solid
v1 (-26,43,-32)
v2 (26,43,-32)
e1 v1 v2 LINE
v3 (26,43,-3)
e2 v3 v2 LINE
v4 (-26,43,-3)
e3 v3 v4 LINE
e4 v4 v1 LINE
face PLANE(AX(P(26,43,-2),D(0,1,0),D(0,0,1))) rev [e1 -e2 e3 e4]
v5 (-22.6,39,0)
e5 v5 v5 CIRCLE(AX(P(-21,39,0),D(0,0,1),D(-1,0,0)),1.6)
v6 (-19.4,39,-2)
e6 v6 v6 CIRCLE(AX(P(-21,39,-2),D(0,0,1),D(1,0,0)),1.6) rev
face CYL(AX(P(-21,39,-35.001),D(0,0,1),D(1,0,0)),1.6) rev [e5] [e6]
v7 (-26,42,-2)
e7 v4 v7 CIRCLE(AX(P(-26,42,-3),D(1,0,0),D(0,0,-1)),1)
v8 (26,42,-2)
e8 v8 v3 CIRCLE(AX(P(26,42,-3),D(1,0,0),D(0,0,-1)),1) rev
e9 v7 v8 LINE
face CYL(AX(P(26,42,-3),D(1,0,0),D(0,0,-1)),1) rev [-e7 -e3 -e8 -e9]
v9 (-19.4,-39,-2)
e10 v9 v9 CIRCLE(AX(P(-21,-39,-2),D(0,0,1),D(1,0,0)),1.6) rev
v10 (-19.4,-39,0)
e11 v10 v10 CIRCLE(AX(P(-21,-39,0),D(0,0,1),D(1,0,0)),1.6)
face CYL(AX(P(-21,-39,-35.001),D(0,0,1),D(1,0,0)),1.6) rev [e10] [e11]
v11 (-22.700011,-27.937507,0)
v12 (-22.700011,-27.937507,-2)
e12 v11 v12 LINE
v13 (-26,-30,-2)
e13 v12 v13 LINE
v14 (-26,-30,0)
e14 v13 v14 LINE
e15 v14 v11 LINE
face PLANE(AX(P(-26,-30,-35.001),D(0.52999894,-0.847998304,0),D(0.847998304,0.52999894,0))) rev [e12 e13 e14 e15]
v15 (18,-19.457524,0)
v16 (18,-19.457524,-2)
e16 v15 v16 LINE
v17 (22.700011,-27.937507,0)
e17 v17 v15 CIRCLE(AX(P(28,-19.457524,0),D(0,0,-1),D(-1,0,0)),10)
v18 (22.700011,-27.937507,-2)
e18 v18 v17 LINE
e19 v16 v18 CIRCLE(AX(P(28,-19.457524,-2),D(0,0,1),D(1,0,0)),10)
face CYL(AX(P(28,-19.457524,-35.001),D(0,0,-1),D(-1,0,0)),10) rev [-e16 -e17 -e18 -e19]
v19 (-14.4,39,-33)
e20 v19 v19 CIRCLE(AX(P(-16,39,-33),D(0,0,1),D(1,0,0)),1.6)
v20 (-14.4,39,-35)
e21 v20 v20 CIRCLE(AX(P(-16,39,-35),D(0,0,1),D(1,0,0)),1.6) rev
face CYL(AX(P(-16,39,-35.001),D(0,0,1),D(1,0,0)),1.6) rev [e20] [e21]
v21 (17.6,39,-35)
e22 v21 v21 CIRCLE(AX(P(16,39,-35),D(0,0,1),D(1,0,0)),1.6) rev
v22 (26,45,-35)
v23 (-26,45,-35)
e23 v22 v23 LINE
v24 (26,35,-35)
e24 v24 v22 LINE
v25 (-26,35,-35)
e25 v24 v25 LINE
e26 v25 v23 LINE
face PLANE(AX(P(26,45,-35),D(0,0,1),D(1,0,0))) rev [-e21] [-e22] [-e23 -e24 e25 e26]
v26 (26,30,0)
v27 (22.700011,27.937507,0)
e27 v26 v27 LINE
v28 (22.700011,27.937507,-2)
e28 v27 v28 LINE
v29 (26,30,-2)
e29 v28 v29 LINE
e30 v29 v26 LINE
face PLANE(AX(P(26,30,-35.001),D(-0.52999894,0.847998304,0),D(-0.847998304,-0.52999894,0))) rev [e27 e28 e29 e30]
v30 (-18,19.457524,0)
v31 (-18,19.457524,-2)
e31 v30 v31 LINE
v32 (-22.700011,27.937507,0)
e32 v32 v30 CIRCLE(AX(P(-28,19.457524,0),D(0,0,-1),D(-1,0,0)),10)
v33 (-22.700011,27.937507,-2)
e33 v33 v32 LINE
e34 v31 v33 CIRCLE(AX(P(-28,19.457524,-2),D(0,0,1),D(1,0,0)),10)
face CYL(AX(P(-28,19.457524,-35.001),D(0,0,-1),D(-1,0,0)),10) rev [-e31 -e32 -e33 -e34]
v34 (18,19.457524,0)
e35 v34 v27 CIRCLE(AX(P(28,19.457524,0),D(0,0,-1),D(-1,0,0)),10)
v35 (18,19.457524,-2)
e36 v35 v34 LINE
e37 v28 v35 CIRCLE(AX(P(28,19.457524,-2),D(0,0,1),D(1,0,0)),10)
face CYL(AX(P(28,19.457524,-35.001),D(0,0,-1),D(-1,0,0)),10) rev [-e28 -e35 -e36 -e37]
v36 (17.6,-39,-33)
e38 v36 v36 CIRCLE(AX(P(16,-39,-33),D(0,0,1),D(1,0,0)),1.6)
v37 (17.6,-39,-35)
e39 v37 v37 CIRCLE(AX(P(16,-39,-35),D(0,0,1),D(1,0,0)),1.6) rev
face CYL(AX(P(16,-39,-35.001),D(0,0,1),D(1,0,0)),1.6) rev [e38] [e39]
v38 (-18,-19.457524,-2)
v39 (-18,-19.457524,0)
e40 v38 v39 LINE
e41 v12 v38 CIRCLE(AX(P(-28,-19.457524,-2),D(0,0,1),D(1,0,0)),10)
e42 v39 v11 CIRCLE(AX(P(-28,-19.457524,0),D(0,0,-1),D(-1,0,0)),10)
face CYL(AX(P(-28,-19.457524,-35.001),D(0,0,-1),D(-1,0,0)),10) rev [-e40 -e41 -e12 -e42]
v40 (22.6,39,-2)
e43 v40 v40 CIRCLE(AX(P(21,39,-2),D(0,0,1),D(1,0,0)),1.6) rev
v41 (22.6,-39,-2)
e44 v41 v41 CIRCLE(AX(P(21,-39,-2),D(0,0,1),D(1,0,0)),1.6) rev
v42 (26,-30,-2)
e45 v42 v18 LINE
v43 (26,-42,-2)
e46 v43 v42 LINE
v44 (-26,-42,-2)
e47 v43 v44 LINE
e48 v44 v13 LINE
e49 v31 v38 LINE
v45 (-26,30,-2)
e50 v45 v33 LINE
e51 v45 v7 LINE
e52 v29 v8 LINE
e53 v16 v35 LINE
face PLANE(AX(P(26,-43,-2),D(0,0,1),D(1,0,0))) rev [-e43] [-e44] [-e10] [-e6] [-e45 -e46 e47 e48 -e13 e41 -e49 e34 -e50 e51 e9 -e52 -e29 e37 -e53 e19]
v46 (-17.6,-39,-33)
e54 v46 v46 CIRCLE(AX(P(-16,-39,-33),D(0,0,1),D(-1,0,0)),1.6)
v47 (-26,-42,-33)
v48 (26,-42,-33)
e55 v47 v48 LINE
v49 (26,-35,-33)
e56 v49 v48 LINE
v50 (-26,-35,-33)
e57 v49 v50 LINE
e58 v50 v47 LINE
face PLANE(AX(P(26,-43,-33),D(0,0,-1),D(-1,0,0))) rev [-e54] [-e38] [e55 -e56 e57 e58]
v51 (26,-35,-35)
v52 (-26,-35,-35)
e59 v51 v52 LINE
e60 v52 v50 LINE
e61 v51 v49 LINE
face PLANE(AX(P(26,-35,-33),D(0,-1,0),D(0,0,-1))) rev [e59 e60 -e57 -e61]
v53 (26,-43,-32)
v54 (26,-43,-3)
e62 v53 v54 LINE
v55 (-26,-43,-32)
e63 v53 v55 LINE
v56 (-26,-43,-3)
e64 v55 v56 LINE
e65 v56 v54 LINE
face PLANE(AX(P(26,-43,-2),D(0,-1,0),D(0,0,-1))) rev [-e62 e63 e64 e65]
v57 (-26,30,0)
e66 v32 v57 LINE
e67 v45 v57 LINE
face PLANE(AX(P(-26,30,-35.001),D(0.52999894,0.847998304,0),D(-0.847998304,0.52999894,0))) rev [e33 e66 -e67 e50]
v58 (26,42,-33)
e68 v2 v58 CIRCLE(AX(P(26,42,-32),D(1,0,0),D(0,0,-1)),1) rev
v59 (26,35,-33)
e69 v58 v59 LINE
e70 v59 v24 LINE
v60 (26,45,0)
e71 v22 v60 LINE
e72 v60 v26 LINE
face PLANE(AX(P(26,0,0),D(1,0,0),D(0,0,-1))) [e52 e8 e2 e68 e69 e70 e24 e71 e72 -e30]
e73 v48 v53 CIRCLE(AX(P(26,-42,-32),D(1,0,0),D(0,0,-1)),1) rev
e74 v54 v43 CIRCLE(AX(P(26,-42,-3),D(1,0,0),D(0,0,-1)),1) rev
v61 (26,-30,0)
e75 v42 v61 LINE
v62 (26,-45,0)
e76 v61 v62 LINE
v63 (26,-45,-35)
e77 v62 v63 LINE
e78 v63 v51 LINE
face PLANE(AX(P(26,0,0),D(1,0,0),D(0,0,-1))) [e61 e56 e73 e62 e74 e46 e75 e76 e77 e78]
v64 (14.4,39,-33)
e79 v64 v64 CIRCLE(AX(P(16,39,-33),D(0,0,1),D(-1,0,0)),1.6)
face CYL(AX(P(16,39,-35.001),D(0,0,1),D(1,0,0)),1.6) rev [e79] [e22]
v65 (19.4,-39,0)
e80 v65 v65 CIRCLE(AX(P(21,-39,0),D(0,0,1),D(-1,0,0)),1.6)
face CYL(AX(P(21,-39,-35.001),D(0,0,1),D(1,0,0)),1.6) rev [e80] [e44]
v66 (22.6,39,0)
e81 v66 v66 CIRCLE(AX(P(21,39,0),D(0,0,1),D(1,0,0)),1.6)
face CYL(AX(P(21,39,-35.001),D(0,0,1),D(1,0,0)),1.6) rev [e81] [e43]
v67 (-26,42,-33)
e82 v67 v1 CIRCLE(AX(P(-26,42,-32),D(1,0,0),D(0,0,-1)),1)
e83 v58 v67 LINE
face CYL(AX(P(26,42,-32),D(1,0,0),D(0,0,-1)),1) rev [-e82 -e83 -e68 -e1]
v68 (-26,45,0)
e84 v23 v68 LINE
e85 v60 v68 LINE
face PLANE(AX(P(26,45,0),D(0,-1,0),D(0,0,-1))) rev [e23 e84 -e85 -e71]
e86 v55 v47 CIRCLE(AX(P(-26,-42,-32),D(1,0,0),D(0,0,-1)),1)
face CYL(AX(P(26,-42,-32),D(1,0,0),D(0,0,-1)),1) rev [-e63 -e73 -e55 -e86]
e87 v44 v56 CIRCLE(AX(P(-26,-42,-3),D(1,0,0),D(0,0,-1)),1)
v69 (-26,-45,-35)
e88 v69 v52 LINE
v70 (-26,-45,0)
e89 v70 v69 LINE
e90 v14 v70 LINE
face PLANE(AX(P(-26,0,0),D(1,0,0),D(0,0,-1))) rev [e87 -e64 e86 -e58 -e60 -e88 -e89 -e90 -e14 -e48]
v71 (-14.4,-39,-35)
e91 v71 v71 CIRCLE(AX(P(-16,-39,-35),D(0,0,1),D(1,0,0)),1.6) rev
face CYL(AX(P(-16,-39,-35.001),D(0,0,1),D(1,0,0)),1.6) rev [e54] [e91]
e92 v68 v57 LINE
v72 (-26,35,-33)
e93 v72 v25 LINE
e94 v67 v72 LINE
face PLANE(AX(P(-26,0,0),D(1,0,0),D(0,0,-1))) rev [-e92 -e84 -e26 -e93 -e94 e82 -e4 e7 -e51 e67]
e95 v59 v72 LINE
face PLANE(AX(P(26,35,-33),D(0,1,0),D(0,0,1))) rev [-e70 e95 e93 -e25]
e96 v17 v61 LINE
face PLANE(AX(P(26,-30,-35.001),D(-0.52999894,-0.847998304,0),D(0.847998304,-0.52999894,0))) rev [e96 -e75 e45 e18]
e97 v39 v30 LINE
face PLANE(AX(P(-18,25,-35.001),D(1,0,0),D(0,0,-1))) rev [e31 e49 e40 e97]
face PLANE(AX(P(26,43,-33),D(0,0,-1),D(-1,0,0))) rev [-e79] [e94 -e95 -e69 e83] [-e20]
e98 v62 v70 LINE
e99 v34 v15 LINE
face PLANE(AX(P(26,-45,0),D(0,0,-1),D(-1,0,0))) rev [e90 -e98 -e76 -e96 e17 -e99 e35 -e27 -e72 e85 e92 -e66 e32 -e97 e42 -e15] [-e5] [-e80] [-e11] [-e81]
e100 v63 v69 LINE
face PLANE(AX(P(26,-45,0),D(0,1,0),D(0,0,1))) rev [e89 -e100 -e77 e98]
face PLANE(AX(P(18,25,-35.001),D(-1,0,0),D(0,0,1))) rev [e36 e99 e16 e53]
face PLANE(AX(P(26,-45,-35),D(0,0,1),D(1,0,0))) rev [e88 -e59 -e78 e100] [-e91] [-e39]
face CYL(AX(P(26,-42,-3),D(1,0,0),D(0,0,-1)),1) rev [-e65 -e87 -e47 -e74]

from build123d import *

# Parameters (mm, degrees)
BOSS_EXTRUDE1_DEPTH = 26
CUT_EXTRUDE1_REACH  = 64.658
SKETCH2_R           = 1.6
CUT_EXTRUDE5_REACH  = 63.563
SKETCH6_R           = 1.6
FILLET1_R           = 1
CUT_EXTRUDE6_REACH  = 64.658
FILLET2_R           = 10


with BuildPart() as part:
    # Sketch1 → Boss-Extrude1 (new, symmetric)
    with BuildSketch(Plane(origin=(0, 0, 0), x_dir=(0, 0, -1), z_dir=(1, 0, 0))):
        Polygon((0, -45), (0, 45), (35, 45), (35, 35), (33, 35), (33, 43), (2, 43), (2, -43), (33, -43), (33, -35), (35, -35), (35, -45), align=None)
    extrude(amount=BOSS_EXTRUDE1_DEPTH, both=True)

    # Sketch2 → Cut-Extrude1 (cut, up to next)
    with BuildSketch(Plane.XY, mode=Mode.PRIVATE) as cut_extrude1_sk1:
        with Locations((-21, -39)):
            Circle(SKETCH2_R)
    cut_extrude1_tool1 = extrude(cut_extrude1_sk1.sketch, amount=-CUT_EXTRUDE1_REACH, mode=Mode.PRIVATE) & part.part
    # Sketch2 → Cut-Extrude1 (cut, up to next)
    with BuildSketch(Plane.XY, mode=Mode.PRIVATE) as cut_extrude1_sk2:
        with Locations((-21, 39)):
            Circle(SKETCH2_R)
    cut_extrude1_tool2 = extrude(cut_extrude1_sk2.sketch, amount=-CUT_EXTRUDE1_REACH, mode=Mode.PRIVATE) & part.part
    # Sketch2 → Cut-Extrude1 (cut, up to next)
    with BuildSketch(Plane.XY, mode=Mode.PRIVATE) as cut_extrude1_sk3:
        with Locations((21, 39)):
            Circle(SKETCH2_R)
    cut_extrude1_tool3 = extrude(cut_extrude1_sk3.sketch, amount=-CUT_EXTRUDE1_REACH, mode=Mode.PRIVATE) & part.part
    # Sketch2 → Cut-Extrude1 (cut, up to next)
    with BuildSketch(Plane.XY, mode=Mode.PRIVATE) as cut_extrude1_sk4:
        with Locations((21, -39)):
            Circle(SKETCH2_R)
    cut_extrude1_tool4 = extrude(cut_extrude1_sk4.sketch, amount=-CUT_EXTRUDE1_REACH, mode=Mode.PRIVATE) & part.part
    add(cut_extrude1_tool1.solids().sort_by_distance((-21, -39, 0))[0], mode=Mode.SUBTRACT)
    add(cut_extrude1_tool2.solids().sort_by_distance((-21, 39, 0))[0], mode=Mode.SUBTRACT)
    add(cut_extrude1_tool3.solids().sort_by_distance((21, 39, 0))[0], mode=Mode.SUBTRACT)
    add(cut_extrude1_tool4.solids().sort_by_distance((21, -39, 0))[0], mode=Mode.SUBTRACT)

    # Sketch6 → Cut-Extrude5 (cut, up to next)
    with BuildSketch(Plane.XY.offset(-33), mode=Mode.PRIVATE) as cut_extrude5_sk1:
        with Locations((16, -39)):
            Circle(SKETCH6_R)
    cut_extrude5_tool1 = extrude(cut_extrude5_sk1.sketch, amount=-CUT_EXTRUDE5_REACH, mode=Mode.PRIVATE) & part.part
    # Sketch6 → Cut-Extrude5 (cut, up to next)
    with BuildSketch(Plane.XY.offset(-33), mode=Mode.PRIVATE) as cut_extrude5_sk2:
        with Locations((-16, -39)):
            Circle(SKETCH6_R)
    cut_extrude5_tool2 = extrude(cut_extrude5_sk2.sketch, amount=-CUT_EXTRUDE5_REACH, mode=Mode.PRIVATE) & part.part
    # Sketch6 → Cut-Extrude5 (cut, up to next)
    with BuildSketch(Plane.XY.offset(-33), mode=Mode.PRIVATE) as cut_extrude5_sk3:
        with Locations((-16, 39)):
            Circle(SKETCH6_R)
    cut_extrude5_tool3 = extrude(cut_extrude5_sk3.sketch, amount=-CUT_EXTRUDE5_REACH, mode=Mode.PRIVATE) & part.part
    # Sketch6 → Cut-Extrude5 (cut, up to next)
    with BuildSketch(Plane.XY.offset(-33), mode=Mode.PRIVATE) as cut_extrude5_sk4:
        with Locations((16, 39)):
            Circle(SKETCH6_R)
    cut_extrude5_tool4 = extrude(cut_extrude5_sk4.sketch, amount=-CUT_EXTRUDE5_REACH, mode=Mode.PRIVATE) & part.part
    add(cut_extrude5_tool1.solids().sort_by_distance((16, -39, -33))[0], mode=Mode.SUBTRACT)
    add(cut_extrude5_tool2.solids().sort_by_distance((-16, -39, -33))[0], mode=Mode.SUBTRACT)
    add(cut_extrude5_tool3.solids().sort_by_distance((-16, 39, -33))[0], mode=Mode.SUBTRACT)
    add(cut_extrude5_tool4.solids().sort_by_distance((16, 39, -33))[0], mode=Mode.SUBTRACT)

    # Fillet1
    fillet1_edges = [part.edges().sort_by_distance(p)[0] for p in [
        (0, 43, -33),
        (0, 43, -2),
        (0, -43, -2),
        (0, -43, -33),
    ]]
    fillet(fillet1_edges, radius=FILLET1_R)

    # Sketch7 → Cut-Extrude6 (cut, up to next)
    with BuildSketch(Plane.XY, mode=Mode.PRIVATE) as cut_extrude6_sk1:
        Polygon((-26, 30), (-18, 25), (-18, -25), (-26, -30), align=None)
    cut_extrude6_tool1 = extrude(cut_extrude6_sk1.sketch, amount=-CUT_EXTRUDE6_REACH, mode=Mode.PRIVATE) & part.part
    # Sketch7 → Cut-Extrude6 (cut, up to next)
    with BuildSketch(Plane.XY, mode=Mode.PRIVATE) as cut_extrude6_sk2:
        Polygon((26, -30), (18, -25), (18, 25), (26, 30), align=None)
    cut_extrude6_tool2 = extrude(cut_extrude6_sk2.sketch, amount=-CUT_EXTRUDE6_REACH, mode=Mode.PRIVATE) & part.part
    add(cut_extrude6_tool1.solids().sort_by_distance((-22.121212, 0, 0))[0], mode=Mode.SUBTRACT)
    add(cut_extrude6_tool2.solids().sort_by_distance((22.121212, 0, 0))[0], mode=Mode.SUBTRACT)

    # Fillet2
    fillet2_edges = [part.edges().sort_by_distance(p)[0] for p in [
        (18, -25, -1),
        (18, 25, -1),
        (-18, 25, -1),
        (-18, -25, -1),
    ]]
    fillet(fillet2_edges, radius=FILLET2_R)


solid = part.part
